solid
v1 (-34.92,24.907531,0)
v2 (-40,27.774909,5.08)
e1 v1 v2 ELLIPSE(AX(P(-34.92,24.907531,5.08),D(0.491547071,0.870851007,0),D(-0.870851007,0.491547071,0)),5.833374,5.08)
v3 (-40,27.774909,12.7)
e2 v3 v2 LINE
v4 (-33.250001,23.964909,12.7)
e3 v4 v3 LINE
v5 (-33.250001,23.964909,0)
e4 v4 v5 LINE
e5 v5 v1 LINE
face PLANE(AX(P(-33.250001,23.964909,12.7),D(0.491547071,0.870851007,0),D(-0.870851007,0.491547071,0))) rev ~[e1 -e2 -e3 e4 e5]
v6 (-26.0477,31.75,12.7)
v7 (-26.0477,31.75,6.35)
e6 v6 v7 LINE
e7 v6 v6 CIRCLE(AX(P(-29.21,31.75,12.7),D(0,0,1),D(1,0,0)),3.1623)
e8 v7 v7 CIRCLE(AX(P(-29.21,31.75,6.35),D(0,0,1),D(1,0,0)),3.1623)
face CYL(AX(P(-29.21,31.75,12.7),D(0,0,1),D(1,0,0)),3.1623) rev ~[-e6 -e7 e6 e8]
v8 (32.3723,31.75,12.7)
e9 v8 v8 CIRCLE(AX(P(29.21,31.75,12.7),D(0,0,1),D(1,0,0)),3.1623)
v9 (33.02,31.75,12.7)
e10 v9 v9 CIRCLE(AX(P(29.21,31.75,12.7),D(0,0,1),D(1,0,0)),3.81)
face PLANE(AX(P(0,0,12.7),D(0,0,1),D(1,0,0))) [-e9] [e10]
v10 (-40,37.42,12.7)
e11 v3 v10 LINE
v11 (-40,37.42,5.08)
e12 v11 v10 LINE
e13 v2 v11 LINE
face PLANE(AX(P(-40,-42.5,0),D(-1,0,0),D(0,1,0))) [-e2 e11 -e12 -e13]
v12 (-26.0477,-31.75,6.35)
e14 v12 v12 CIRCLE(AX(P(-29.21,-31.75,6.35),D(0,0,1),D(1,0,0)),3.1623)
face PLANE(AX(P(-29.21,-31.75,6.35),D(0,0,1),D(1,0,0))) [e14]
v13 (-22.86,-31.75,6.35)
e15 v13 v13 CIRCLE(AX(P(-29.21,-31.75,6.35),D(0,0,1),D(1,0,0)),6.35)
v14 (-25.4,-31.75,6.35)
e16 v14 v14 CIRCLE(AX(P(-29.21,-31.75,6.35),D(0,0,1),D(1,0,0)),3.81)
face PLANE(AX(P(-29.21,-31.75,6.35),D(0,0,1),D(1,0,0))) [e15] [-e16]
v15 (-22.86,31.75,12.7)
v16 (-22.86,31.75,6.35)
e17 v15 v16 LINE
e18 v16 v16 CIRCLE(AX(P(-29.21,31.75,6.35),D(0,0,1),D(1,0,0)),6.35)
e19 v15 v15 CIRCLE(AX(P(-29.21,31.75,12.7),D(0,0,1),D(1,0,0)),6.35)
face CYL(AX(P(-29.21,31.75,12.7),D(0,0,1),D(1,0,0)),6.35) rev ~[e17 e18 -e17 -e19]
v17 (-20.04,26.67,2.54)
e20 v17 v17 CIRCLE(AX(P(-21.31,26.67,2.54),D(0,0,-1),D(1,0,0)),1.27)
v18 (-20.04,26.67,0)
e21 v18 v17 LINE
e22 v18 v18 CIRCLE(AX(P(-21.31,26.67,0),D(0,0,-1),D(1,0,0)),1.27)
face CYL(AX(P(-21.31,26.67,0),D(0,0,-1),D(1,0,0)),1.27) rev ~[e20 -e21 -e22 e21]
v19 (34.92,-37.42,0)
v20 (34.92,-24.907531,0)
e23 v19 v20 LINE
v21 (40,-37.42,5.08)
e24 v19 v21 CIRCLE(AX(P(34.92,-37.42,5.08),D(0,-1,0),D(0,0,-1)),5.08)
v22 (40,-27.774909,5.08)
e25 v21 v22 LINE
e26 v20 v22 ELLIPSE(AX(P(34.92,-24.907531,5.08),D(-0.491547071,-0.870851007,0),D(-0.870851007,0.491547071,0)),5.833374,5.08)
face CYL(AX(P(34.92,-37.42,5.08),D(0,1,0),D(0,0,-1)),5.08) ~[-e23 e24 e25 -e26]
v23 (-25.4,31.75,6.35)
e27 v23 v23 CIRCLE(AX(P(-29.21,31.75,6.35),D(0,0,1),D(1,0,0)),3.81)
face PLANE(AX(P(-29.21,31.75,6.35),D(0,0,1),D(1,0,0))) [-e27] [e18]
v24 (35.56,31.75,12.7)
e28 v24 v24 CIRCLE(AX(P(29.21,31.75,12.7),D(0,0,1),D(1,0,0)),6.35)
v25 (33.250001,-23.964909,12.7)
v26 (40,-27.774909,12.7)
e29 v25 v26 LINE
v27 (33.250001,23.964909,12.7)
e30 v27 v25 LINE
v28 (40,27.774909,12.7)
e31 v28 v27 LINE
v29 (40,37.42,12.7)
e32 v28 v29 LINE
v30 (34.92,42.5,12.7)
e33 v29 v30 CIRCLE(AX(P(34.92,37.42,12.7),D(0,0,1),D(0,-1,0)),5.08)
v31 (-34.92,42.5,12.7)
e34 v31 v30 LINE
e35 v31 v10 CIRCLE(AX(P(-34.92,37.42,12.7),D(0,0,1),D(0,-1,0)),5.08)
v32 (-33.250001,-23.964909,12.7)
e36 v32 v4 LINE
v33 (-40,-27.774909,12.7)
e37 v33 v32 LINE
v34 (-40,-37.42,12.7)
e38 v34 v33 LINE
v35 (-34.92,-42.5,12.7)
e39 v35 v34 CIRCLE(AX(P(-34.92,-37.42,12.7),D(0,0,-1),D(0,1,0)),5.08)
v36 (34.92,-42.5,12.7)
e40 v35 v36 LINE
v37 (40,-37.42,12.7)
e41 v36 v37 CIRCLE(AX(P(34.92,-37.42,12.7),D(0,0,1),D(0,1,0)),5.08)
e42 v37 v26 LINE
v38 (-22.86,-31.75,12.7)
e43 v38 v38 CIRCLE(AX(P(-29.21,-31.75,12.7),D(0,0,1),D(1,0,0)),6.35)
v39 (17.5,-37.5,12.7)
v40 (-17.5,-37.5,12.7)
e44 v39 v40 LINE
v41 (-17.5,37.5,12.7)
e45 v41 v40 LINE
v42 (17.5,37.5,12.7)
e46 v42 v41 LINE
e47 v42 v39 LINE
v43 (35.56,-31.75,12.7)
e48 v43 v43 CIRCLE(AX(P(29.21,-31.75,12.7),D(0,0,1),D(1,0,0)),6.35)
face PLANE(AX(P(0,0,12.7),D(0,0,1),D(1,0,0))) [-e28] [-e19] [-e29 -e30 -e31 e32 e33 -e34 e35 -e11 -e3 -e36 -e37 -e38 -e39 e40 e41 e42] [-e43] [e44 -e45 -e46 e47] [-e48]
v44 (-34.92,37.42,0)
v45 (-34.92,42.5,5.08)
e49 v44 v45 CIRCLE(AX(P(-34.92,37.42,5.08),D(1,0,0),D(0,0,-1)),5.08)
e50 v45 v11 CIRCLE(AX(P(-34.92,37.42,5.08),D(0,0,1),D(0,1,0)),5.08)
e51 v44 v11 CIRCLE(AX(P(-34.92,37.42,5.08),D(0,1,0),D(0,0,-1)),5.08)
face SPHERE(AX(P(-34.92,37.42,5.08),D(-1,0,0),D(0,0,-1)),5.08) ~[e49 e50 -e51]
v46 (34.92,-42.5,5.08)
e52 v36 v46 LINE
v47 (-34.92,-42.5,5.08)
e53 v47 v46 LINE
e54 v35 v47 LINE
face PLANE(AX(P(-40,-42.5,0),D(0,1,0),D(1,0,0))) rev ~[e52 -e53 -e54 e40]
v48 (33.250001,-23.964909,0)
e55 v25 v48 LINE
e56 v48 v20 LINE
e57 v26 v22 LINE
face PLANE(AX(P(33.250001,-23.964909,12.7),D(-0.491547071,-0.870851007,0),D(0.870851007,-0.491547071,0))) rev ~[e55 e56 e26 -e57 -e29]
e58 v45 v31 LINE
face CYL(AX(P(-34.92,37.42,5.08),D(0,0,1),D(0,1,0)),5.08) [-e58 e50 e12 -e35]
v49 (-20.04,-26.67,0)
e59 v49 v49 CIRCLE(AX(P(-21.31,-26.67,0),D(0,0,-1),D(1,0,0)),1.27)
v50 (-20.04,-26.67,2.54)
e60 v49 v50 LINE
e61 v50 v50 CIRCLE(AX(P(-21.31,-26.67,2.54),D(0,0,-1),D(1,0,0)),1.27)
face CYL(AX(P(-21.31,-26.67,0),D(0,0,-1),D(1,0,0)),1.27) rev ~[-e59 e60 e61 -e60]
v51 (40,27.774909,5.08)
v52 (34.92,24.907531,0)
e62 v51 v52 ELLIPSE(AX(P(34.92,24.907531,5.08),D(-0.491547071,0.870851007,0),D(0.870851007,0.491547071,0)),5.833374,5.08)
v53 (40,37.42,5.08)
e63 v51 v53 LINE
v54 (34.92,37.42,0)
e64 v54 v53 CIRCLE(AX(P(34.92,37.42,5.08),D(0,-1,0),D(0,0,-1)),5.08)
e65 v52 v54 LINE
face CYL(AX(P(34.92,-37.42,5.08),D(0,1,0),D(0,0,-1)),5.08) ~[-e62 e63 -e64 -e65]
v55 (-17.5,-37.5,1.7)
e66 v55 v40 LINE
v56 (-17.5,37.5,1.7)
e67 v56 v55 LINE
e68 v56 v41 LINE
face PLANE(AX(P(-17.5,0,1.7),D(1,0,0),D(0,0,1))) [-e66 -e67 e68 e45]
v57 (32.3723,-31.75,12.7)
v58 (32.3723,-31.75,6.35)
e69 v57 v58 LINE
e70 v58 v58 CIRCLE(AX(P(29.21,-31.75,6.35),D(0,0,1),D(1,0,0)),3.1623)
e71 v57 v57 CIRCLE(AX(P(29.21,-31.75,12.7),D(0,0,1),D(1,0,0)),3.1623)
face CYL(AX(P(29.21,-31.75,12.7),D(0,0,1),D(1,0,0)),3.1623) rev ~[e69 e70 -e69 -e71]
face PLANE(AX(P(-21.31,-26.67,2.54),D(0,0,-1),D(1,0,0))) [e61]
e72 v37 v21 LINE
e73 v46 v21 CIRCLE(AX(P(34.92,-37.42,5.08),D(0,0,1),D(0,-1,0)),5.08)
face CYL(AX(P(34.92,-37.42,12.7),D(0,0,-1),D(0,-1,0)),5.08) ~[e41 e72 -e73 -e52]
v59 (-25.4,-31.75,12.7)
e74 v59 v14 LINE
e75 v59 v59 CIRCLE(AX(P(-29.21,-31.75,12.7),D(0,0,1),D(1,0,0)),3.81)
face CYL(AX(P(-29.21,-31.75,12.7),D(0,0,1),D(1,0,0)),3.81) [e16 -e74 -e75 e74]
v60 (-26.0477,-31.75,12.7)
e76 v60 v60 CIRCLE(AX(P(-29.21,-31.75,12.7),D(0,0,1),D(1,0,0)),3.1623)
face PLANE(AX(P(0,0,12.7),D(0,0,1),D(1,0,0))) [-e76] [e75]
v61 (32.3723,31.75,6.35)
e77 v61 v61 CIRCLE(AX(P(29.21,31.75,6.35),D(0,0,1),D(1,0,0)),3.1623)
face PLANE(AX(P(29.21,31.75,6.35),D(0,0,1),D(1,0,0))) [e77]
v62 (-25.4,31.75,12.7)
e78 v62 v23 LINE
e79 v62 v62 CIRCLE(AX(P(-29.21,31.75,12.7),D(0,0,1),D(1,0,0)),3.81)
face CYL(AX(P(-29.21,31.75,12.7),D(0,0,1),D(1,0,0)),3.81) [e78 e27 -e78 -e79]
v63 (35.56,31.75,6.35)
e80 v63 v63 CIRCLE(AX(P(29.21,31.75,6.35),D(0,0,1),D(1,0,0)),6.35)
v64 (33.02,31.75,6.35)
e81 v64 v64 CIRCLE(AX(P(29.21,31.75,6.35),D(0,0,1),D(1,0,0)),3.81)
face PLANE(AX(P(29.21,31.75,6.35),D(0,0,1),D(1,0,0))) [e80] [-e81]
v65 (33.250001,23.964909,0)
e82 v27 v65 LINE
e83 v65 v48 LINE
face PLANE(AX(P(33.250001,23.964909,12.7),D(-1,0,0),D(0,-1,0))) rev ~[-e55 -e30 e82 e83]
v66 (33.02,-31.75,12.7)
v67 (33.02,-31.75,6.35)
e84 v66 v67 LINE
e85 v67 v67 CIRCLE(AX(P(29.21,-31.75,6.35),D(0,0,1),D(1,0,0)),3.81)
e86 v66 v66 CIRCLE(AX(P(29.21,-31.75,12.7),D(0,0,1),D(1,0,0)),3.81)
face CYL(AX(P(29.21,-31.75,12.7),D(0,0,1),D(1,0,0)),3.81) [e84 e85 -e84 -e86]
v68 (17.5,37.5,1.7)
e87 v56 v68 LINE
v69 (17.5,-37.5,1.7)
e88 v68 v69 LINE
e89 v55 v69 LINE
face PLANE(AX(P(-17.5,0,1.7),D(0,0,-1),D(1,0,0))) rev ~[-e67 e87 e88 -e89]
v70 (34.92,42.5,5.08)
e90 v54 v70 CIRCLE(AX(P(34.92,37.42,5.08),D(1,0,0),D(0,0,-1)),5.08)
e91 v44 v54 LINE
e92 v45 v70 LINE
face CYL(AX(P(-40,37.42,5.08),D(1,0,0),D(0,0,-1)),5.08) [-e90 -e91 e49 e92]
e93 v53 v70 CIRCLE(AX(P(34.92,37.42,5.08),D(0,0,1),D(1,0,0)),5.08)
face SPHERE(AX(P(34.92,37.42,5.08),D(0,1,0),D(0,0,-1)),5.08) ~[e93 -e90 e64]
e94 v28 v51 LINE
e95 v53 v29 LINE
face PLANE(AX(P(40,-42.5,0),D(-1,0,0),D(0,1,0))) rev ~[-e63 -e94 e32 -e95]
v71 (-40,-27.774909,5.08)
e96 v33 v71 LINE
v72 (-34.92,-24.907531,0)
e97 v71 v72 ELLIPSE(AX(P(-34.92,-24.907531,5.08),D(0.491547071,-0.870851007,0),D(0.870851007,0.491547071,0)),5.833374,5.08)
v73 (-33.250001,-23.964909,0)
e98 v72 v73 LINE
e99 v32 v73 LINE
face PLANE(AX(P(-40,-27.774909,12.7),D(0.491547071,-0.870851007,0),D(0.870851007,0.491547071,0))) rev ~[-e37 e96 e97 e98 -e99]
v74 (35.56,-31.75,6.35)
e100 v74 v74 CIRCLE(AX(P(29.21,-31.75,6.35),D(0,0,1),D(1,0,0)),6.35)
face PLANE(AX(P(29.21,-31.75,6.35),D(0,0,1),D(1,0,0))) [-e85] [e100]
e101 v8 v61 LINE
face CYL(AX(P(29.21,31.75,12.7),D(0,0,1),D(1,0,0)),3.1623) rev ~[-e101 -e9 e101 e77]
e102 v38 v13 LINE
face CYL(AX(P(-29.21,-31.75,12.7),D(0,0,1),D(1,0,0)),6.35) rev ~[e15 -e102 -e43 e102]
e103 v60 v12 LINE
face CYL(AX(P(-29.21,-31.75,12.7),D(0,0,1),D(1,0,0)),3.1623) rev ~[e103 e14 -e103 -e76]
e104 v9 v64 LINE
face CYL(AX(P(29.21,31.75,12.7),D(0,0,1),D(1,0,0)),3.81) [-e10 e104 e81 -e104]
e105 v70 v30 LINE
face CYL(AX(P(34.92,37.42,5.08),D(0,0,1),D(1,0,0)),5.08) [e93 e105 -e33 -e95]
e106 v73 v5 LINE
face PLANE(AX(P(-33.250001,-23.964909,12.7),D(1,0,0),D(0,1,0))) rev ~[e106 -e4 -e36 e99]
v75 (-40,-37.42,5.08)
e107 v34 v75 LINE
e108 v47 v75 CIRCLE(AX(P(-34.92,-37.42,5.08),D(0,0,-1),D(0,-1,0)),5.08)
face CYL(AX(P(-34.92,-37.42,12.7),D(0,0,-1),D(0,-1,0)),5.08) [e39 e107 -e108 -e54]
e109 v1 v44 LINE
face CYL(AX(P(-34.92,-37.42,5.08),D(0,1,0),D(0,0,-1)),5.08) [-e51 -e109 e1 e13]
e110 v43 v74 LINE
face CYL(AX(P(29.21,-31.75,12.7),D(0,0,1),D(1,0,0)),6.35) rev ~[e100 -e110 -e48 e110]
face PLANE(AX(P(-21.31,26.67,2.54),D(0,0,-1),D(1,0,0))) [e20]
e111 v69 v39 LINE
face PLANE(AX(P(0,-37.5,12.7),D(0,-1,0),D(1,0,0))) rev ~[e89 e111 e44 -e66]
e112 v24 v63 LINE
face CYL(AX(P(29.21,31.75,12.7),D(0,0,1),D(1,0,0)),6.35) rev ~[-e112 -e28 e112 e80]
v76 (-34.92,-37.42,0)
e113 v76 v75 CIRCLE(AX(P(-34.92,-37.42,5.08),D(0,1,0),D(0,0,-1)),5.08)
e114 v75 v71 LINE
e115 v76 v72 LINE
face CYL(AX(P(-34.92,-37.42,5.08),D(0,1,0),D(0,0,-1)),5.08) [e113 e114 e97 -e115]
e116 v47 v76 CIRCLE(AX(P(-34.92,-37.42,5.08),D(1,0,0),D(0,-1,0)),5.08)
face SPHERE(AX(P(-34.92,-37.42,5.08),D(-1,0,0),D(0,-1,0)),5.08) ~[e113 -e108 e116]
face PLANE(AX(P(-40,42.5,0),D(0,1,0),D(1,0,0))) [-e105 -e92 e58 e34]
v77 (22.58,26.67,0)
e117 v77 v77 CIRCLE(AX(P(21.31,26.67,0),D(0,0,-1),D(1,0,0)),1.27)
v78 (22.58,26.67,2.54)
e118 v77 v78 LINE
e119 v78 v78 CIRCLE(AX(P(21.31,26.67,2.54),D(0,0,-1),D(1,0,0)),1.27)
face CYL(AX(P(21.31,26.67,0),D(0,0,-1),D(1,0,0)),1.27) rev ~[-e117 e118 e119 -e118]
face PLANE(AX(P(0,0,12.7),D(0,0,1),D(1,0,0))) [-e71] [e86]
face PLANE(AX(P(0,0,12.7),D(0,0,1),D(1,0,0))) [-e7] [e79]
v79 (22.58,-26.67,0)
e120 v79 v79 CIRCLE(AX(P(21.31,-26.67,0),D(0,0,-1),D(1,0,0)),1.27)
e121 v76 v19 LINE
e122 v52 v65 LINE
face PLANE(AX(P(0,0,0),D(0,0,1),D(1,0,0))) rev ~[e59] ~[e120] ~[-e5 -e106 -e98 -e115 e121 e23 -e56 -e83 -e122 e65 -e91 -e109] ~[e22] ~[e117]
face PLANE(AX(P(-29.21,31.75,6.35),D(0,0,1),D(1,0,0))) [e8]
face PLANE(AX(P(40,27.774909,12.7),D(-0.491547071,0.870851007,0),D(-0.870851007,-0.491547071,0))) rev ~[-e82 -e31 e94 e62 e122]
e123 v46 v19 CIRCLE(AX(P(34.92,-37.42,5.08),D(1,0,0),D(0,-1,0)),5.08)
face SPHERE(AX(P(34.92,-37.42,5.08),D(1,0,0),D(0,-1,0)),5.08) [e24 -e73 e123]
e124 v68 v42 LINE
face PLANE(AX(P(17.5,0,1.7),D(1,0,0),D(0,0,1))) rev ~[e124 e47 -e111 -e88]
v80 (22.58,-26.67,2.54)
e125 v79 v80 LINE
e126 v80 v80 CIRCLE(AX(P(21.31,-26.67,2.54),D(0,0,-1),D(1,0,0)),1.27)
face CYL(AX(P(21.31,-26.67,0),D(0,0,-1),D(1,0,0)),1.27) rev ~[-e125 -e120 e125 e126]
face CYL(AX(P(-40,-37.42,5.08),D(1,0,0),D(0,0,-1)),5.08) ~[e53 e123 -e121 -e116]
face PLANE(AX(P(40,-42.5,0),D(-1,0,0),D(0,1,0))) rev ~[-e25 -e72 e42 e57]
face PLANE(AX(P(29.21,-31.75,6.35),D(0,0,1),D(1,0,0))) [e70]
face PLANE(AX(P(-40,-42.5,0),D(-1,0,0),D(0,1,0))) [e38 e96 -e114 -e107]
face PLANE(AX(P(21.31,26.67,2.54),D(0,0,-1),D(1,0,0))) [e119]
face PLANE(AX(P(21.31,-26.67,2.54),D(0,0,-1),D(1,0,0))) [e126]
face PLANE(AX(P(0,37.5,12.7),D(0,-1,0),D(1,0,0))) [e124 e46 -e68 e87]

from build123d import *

# Parameters (mm, degrees)
F0_W      = 80
F0_H      = 85
F1_DEPTH  = 25.4
F2_W      = 35
F2_H      = 22
F3_DEPTH  = 37.5
F4_W      = 80
F4_H      = 85
F5_DEPTH  = 12.7
F6_R      = 3.1623
F7_DEPTH  = 6.35
F8_R      = 5.08
F9_R      = 5.08
F10_R     = 5.08
F11_R     = 5.08
F12_R     = 1.27
F13_DEPTH = 2.54
F15_DEPTH = 25.4
F16_R     = 6.35
F16_R_2   = 3.81
F17_DEPTH = 6.35


with BuildPart() as f1:
    # F0 (on Top) → F1 (new body)
    with BuildSketch(Plane.XY):
        Rectangle(F0_W, F0_H)
    extrude(amount=F1_DEPTH)

    # F2 (on Front) → F3 (cut, symmetric)
    with BuildSketch(Plane.XZ):
        with Locations((0, 12.7)):
            Rectangle(F2_W, F2_H)
    extrude(amount=F3_DEPTH, both=True, mode=Mode.SUBTRACT)

    # F4 (on face) → F5 (cut)
    with BuildSketch(Plane.XY.offset(25.4)):
        Rectangle(F4_W, F4_H)
    extrude(amount=-F5_DEPTH, mode=Mode.SUBTRACT)

    # F6 (on face) → F7 (cut)
    with BuildSketch(Plane.XY.offset(12.7)):
        with Locations((-29.21, -31.75)):
            Circle(F6_R)
        with Locations((29.21, -31.75)):
            Circle(F6_R)
        with Locations((29.21, 31.75)):
            Circle(F6_R)
        with Locations((-29.21, 31.75)):
            Circle(F6_R)
    extrude(amount=-F7_DEPTH, mode=Mode.SUBTRACT)

    # F8
    f8_edges = [f1.edges().sort_by_distance(p)[0] for p in [
        (0, -42.5, 0),
    ]]
    fillet(f8_edges, radius=F8_R)

    # F9
    f9_edges = [f1.edges().sort_by_distance(p)[0] for p in [
        (40, 2.54, 0),
    ]]
    fillet(f9_edges, radius=F9_R)

    # F10
    f10_edges = [f1.edges().sort_by_distance(p)[0] for p in [
        (-2.54, 42.5, 0),
    ]]
    fillet(f10_edges, radius=F10_R)

    # F11
    f11_edges = [f1.edges().sort_by_distance(p)[0] for p in [
        (-40, 0, 0),
    ]]
    fillet(f11_edges, radius=F11_R)

    # F12 (on face) → F13 (cut)
    with BuildSketch(Plane(origin=(0, 0, 0), x_dir=(1, 0, 0), z_dir=(0, 0, -1))):
        with Locations((-21.31, 26.67)):
            Circle(F12_R)
        with Locations((-21.31, -26.67)):
            Circle(F12_R)
        with Locations((21.31, 26.67)):
            Circle(F12_R)
        with Locations((21.31, -26.67)):
            Circle(F12_R)
    extrude(amount=-F13_DEPTH, mode=Mode.SUBTRACT)

    # F14 (on face) → F15 (cut)
    with BuildSketch(Plane.XY.offset(12.7)):
        Polygon((-40, 27.7749088), (-40, -27.7749088), (-33.2500008, -23.9649088), (-33.2500008, 23.9649088), align=None)
        Polygon((33.2500008, -23.9649088), (40, -27.7749088), (40, 27.7749088), (33.2500008, 23.9649088), align=None)
    extrude(amount=-F15_DEPTH, mode=Mode.SUBTRACT)

    # F16 (on face) → F17 (cut)
    with BuildSketch(Plane.XY.offset(12.7)):
        with Locations((-29.21, -31.75)):
            Circle(F16_R)
        with Locations((-29.21, -31.75)):
            Circle(F16_R_2, mode=Mode.SUBTRACT)
        with Locations((29.21, -31.75)):
            Circle(F16_R)
        with Locations((29.21, -31.75)):
            Circle(F16_R_2, mode=Mode.SUBTRACT)
        with Locations((29.21, 31.75)):
            Circle(F16_R)
        with Locations((29.21, 31.75)):
            Circle(F16_R_2, mode=Mode.SUBTRACT)
        with Locations((-29.21, 31.75)):
            Circle(F16_R)
        with Locations((-29.21, 31.75)):
            Circle(F16_R_2, mode=Mode.SUBTRACT)
    extrude(amount=-F17_DEPTH, mode=Mode.SUBTRACT)


solid = f1.part
